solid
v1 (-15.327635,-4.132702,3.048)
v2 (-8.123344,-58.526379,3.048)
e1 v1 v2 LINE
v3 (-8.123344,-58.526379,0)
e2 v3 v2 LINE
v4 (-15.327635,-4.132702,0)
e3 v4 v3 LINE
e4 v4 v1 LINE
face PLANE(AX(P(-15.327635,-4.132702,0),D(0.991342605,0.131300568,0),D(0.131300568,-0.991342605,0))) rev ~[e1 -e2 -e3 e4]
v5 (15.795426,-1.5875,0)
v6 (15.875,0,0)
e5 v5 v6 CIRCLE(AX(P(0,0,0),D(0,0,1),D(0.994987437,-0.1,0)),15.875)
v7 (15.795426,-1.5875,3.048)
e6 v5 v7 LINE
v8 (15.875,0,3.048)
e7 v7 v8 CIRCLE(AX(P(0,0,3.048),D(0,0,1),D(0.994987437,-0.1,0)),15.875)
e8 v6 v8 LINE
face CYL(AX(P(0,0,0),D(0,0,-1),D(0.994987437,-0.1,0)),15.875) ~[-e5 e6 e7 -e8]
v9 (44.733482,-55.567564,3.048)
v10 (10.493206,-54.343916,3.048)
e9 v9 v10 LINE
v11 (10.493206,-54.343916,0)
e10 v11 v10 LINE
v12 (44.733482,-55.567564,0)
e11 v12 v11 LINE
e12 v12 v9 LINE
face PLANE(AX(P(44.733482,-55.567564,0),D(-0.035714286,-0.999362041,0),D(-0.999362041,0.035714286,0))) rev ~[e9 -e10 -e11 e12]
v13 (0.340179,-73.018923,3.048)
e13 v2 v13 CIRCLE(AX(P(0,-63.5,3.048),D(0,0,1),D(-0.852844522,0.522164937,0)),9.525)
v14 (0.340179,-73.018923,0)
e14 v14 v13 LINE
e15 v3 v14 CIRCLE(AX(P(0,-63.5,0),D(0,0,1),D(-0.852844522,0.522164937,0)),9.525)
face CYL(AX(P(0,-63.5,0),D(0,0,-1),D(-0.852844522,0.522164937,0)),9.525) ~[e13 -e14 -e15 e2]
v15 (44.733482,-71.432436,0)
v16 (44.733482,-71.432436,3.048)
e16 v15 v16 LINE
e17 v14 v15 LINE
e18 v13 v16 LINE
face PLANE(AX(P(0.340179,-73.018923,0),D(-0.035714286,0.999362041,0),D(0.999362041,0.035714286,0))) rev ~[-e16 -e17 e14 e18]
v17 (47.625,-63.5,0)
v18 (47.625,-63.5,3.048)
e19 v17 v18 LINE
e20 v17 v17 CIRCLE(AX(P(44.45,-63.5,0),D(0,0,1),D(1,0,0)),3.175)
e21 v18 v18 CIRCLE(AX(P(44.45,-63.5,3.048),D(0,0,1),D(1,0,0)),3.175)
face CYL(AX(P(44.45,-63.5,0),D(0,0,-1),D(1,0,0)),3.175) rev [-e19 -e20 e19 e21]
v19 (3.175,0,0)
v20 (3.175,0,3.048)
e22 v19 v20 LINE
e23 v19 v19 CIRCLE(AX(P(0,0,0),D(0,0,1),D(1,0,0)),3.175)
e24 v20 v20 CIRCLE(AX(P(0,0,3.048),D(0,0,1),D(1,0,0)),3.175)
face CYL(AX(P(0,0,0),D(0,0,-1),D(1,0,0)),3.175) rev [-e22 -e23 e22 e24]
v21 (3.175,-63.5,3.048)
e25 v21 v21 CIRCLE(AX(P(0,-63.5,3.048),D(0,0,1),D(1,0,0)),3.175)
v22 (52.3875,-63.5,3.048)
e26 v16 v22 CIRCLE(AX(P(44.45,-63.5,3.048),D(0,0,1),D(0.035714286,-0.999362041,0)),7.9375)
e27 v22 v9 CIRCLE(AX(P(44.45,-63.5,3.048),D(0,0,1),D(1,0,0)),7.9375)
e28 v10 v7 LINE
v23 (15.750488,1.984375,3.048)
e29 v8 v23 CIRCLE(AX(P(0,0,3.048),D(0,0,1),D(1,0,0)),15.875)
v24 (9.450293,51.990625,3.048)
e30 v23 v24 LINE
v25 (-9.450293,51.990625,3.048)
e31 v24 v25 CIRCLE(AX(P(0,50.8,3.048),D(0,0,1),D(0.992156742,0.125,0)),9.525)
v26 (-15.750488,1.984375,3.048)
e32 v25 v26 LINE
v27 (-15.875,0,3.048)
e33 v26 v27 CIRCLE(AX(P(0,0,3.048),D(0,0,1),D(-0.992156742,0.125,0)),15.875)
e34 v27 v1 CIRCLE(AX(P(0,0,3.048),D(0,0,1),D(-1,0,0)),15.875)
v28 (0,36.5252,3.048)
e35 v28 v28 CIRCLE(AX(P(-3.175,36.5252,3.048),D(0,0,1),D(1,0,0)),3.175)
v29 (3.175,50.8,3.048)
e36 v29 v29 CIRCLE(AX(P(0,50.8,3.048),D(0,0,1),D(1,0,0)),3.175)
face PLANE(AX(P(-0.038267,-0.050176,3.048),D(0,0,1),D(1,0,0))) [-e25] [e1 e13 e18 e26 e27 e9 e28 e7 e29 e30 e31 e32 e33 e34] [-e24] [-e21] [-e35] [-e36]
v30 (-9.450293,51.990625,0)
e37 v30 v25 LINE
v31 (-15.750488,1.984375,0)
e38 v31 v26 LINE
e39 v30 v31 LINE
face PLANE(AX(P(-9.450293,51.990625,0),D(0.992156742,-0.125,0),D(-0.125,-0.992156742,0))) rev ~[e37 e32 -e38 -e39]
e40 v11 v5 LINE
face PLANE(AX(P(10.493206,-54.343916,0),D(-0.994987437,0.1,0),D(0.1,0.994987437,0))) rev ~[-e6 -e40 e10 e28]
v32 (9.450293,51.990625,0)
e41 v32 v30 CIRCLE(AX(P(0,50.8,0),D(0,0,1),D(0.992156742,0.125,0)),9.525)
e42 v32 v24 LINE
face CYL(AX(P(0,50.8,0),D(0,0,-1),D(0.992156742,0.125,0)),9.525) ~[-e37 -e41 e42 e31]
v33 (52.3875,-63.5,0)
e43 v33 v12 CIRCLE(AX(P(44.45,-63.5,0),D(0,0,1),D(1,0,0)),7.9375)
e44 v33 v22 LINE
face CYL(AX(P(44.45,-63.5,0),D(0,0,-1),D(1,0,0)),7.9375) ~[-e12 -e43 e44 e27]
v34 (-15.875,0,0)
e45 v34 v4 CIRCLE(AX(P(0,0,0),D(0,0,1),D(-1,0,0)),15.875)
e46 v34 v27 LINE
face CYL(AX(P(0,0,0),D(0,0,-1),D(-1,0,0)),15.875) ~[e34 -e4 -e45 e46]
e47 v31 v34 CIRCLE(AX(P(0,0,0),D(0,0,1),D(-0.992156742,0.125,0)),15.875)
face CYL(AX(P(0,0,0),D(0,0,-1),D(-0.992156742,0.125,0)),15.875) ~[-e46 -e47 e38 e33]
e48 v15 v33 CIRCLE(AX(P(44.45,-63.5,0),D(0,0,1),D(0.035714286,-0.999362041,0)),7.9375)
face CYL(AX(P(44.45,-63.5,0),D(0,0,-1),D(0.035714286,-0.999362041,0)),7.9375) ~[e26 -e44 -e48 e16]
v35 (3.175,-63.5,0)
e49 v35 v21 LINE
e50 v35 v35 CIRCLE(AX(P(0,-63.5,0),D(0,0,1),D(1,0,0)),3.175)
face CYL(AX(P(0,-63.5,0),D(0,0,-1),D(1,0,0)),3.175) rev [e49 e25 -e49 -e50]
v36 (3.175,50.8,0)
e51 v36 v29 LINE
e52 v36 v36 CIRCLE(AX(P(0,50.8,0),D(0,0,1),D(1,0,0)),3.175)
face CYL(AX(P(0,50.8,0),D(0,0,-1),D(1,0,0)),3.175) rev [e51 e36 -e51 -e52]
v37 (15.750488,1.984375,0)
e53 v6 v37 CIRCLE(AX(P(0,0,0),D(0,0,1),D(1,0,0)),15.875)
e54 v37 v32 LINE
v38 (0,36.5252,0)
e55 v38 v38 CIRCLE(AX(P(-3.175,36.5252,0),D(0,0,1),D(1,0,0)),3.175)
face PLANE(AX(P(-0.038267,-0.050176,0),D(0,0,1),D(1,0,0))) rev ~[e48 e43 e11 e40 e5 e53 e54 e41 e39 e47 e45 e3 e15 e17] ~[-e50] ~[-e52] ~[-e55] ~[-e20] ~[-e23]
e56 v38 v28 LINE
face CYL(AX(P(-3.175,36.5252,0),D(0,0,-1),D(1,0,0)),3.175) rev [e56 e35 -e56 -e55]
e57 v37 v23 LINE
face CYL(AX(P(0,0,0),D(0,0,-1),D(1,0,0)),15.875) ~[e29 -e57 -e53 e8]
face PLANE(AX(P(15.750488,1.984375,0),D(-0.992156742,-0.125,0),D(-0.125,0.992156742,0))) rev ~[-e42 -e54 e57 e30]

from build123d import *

# Parameters (mm, degrees)
F0_R     = 3.175
F1_DEPTH = 3.048


with BuildPart() as f1:
    # F0 (on Top) → F1 (new body)
    with BuildSketch(Plane.XY):
        with BuildLine():
            ThreePointArc((15.750488268, 1.9843750453), (-2.28e-08, 15.875), (-15.7504882737, 1.984375))
            ThreePointArc((-15.7504882737, 1.984375), (-15.8438414904, 0.9941387366), (-15.875, 0))
            Line((-15.875, 0), (-15.3276351094, -4.1327021368))
            ThreePointArc((-15.3276351094, -4.1327021368), (1.2939167116, -15.8221807771), (15.7954255641, -1.5875))
            ThreePointArc((15.7954255641, -1.5875), (15.8550939106, -0.7947465541), (15.875, 0))
            ThreePointArc((15.875, 0), (15.843841489, 0.9941387594), (15.750488268, 1.9843750453))
        make_face()
        Circle(F0_R, mode=Mode.SUBTRACT)
        with BuildLine():
            Line((-9.4502929642, 51.990625), (-15.7504882737, 1.984375))
            ThreePointArc((-15.7504882737, 1.984375), (-2.28e-08, 15.875), (15.750488268, 1.9843750453))
            Line((15.750488268, 1.9843750453), (9.4502929642, 51.990625))
            ThreePointArc((9.4502929642, 51.990625), (9.5063048942, 51.396483242), (9.525, 50.8))
            ThreePointArc((9.525, 50.8), (-0.596483242, 41.2936951058), (-9.4502929642, 51.990625))
        make_face()
        with Locations((-3.175, 36.5252)):
            Circle(F0_R, mode=Mode.SUBTRACT)
        with BuildLine():
            Line((-15.3276351094, -4.1327021368), (-15.875, 0))
            ThreePointArc((-15.875, 0), (-15.7375638579, -2.0843965119), (-15.3276351094, -4.1327021368))
        make_face()
        with BuildLine():
            ThreePointArc((9.4502929642, 51.990625), (0, 60.325), (-9.4502929642, 51.990625))
            ThreePointArc((-9.4502929642, 51.990625), (-0.596483242, 41.2936951058), (9.525, 50.8))
            ThreePointArc((9.525, 50.8), (9.5063048942, 51.396483242), (9.4502929642, 51.990625))
        make_face()
        with Locations((0, 50.8)):
            Circle(F0_R, mode=Mode.SUBTRACT)
        with BuildLine():
            ThreePointArc((15.7954255641, -1.5875), (1.2939167116, -15.8221807771), (-15.3276351094, -4.1327021368))
            Line((-15.3276351094, -4.1327021368), (-8.123344071, -58.5263789745))
            ThreePointArc((-8.123344071, -58.5263789745), (-4.506590709, -55.1085600055), (0.3401785714, -53.9810765556))
            Line((0.3401785714, -53.9810765556), (10.4932062399, -54.3439161633))
            Line((10.4932062399, -54.3439161633), (15.7954255641, -1.5875))
        make_face()
        with BuildLine():
            ThreePointArc((0.3401785714, -53.9810765556), (-4.506590709, -55.1085600055), (-8.123344071, -58.5263789745))
            ThreePointArc((-8.123344071, -58.5263789745), (-8.2251369351, -68.3034099762), (0.3401785714, -73.0189234444))
            ThreePointArc((0.3401785714, -73.0189234444), (6.5147068085, -70.448684782), (9.4772553384, -64.4525))
            ThreePointArc((9.4772553384, -64.4525), (9.5130563464, -63.9768479324), (9.525, -63.5))
            ThreePointArc((9.525, -63.5), (6.8544082857, -56.8861726622), (0.3401785714, -53.9810765556))
        make_face()
        with Locations((0, -63.5)):
            Circle(F0_R, mode=Mode.SUBTRACT)
        with BuildLine():
            Line((44.7334821429, -55.5675637964), (10.4932062399, -54.3439161633))
            Line((10.4932062399, -54.3439161633), (9.4772553384, -64.4525))
            ThreePointArc((9.4772553384, -64.4525), (6.5147068085, -70.448684782), (0.3401785714, -73.0189234444))
            Line((0.3401785714, -73.0189234444), (44.7334821429, -71.4324362036))
            ThreePointArc((44.7334821429, -71.4324362036), (36.5125, -63.5), (44.7334821429, -55.5675637964))
        make_face()
        with BuildLine():
            Line((9.4772553384, -64.4525), (10.4932062399, -54.3439161633))
            Line((10.4932062399, -54.3439161633), (0.3401785714, -53.9810765556))
            ThreePointArc((0.3401785714, -53.9810765556), (6.8544082857, -56.8861726622), (9.525, -63.5))
            ThreePointArc((9.525, -63.5), (9.5130563464, -63.9768479324), (9.4772553384, -64.4525))
        make_face()
        with BuildLine():
            ThreePointArc((52.3875, -63.5), (50.1620069047, -57.9884772185), (44.7334821429, -55.5675637964))
            ThreePointArc((44.7334821429, -55.5675637964), (36.5125, -63.5), (44.7334821429, -71.4324362036))
            ThreePointArc((44.7334821429, -71.4324362036), (50.1620069047, -69.0115227815), (52.3875, -63.5))
        make_face()
        with Locations((44.45, -63.5)):
            Circle(F0_R, mode=Mode.SUBTRACT)
    extrude(amount=F1_DEPTH)


solid = f1.part
